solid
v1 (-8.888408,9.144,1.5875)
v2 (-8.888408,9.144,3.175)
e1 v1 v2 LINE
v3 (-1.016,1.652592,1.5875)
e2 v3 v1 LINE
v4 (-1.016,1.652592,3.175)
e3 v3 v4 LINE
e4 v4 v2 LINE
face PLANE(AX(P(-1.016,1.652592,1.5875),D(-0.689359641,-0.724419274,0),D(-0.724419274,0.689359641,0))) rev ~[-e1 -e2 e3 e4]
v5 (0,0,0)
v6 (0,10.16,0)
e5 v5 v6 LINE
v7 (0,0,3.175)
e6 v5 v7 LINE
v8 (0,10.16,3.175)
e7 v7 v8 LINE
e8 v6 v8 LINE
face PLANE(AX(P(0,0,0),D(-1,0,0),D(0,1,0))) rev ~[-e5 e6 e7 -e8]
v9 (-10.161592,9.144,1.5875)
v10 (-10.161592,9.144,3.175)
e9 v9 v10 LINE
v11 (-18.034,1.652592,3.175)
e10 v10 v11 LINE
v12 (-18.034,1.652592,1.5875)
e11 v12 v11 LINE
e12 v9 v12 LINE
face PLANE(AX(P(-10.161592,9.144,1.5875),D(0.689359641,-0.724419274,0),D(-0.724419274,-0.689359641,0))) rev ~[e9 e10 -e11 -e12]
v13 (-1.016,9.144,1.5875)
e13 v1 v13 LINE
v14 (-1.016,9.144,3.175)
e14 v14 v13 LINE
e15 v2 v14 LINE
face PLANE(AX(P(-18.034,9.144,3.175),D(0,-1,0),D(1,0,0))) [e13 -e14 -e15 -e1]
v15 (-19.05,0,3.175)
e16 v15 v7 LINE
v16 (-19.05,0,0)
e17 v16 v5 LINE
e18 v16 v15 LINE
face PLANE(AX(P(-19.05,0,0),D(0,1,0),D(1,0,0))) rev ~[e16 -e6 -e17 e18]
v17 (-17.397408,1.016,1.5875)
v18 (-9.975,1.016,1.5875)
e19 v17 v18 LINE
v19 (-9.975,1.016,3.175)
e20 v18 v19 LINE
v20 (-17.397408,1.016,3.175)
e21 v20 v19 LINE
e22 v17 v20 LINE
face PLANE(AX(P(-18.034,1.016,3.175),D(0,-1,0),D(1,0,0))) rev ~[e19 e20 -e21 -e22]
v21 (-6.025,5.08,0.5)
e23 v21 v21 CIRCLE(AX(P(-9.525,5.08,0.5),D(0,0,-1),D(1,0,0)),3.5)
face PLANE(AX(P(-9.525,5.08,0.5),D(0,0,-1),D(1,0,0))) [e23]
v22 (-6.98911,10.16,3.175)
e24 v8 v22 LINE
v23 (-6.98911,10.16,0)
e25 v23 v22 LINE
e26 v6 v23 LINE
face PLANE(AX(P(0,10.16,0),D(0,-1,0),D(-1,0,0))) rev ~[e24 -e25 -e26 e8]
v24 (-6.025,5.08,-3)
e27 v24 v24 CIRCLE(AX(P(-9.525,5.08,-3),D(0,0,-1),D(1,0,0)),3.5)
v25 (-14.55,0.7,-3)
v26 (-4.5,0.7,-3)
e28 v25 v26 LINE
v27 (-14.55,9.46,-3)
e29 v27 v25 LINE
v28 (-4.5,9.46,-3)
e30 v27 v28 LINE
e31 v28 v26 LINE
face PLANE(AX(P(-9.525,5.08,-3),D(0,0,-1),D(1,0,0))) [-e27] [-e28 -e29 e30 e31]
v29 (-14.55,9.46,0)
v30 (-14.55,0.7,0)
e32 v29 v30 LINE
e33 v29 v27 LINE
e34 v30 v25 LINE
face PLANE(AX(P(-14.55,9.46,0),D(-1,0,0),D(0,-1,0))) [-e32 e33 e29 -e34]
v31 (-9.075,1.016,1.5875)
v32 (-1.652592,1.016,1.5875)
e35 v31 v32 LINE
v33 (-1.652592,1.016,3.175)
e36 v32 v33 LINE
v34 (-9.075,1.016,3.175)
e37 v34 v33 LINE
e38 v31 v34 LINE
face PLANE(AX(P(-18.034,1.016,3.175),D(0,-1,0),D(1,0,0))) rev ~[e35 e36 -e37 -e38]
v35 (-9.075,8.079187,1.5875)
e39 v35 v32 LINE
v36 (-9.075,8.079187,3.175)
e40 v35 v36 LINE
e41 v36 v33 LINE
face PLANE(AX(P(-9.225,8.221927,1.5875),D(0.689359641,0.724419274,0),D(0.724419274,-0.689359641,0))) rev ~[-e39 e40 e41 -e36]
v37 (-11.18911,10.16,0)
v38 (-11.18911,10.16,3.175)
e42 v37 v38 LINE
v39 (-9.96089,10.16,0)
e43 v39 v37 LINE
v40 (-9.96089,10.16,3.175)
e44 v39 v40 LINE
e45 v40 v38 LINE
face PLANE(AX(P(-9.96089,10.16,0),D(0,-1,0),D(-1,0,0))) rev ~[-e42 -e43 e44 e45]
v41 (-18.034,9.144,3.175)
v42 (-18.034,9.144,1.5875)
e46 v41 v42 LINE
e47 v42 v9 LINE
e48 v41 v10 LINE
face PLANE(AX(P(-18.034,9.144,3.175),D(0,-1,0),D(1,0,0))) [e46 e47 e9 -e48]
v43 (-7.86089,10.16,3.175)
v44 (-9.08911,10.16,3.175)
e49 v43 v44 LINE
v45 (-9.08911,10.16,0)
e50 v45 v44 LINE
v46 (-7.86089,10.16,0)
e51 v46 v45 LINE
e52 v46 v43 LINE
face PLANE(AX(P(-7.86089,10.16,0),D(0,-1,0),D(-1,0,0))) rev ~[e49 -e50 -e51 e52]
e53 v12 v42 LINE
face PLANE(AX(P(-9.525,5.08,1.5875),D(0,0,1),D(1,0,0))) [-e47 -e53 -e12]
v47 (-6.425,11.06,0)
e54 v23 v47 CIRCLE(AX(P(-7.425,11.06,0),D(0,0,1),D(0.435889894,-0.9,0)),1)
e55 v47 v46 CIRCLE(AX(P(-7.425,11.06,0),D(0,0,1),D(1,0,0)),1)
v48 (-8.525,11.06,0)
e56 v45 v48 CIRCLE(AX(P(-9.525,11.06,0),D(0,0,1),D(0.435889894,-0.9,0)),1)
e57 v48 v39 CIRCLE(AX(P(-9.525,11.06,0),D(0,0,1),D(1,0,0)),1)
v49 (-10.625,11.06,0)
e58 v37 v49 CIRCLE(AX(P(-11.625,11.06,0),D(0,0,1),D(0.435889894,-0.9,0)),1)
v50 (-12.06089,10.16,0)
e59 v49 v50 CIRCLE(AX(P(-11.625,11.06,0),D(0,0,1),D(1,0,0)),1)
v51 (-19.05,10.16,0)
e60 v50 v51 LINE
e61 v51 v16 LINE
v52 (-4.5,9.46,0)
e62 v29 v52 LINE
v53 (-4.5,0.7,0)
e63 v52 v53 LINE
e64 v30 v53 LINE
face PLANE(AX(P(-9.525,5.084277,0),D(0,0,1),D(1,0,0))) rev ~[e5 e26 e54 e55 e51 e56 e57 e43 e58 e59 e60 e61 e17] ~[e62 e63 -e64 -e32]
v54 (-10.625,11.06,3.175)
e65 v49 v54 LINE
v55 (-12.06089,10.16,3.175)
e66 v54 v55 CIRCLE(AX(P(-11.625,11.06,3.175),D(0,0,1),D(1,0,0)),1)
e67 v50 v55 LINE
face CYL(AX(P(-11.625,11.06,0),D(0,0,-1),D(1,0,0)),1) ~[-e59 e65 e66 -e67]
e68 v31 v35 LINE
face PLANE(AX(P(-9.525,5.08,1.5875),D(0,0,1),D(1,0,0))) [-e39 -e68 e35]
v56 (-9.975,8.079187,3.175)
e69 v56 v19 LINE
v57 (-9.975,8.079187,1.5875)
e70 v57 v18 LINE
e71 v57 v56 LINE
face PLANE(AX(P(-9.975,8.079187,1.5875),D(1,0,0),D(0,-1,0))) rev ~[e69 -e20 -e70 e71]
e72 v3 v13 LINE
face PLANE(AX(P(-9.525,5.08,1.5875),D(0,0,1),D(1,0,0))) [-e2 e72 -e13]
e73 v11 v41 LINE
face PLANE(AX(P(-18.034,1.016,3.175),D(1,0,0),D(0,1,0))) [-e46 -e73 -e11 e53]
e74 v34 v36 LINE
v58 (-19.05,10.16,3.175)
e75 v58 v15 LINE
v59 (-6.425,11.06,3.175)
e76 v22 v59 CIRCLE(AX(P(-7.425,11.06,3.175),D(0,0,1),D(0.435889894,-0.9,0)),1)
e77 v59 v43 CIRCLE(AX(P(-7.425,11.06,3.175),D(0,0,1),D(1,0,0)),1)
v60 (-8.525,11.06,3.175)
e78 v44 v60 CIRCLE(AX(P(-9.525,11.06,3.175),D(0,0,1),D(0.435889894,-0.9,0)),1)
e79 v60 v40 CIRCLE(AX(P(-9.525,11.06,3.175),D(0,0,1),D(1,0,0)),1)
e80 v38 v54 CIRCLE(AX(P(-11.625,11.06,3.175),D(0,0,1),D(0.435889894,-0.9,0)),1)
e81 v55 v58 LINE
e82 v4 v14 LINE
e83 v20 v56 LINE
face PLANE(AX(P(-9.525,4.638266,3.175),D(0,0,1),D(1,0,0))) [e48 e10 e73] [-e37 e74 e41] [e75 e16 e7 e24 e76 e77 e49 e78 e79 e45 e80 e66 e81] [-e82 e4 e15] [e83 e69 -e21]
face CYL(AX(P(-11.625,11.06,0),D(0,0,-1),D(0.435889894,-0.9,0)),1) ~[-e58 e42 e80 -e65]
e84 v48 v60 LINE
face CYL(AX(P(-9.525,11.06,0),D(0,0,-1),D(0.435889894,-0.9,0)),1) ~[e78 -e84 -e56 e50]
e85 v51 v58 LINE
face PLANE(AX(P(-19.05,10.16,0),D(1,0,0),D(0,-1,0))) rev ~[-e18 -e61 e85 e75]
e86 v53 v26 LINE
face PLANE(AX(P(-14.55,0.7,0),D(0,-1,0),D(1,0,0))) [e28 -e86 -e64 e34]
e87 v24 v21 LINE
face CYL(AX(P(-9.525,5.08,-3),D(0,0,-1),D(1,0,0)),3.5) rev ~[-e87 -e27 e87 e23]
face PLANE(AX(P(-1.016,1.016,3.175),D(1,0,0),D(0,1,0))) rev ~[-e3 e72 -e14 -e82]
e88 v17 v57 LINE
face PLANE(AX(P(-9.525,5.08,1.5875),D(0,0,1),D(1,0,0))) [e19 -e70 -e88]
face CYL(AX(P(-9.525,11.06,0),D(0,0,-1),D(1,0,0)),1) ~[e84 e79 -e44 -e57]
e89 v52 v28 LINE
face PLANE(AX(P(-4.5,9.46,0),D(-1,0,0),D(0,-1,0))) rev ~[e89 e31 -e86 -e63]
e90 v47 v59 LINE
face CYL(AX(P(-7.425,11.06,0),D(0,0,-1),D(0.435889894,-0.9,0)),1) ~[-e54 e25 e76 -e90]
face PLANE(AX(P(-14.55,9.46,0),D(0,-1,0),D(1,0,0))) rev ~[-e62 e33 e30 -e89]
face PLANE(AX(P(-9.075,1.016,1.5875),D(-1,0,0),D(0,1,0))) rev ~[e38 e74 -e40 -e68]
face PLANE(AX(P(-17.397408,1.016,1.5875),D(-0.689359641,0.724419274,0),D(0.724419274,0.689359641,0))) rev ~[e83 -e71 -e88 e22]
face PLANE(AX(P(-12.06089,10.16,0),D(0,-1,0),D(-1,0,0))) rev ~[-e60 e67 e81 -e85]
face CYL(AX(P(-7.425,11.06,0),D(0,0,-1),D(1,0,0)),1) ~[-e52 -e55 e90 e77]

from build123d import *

# Parameters (mm, degrees)
F1_DEPTH  = 3.175
F2_W      = 17.018
F2_H      = 8.128
F3_DEPTH  = 1.5875
F5_DEPTH  = 1.5875
F6_W      = 10.05
F6_H      = 8.76
F7_DEPTH  = 3
F8_R      = 3.5
F9_DEPTH  = 3.5
F11_DEPTH = 1.5875


with BuildPart() as f1:
    # F0 (on Top) → F1 (new body)
    with BuildSketch(Plane.XY):
        with BuildLine():
            Line((-12.0608898944, 10.16), (-19.05, 10.16))
            Line((-19.05, 10.16), (-19.05, 0))
            Line((-19.05, 0), (0, 0))
            Line((0, 0), (0, 10.16))
            Line((0, 10.16), (-6.9891101056, 10.16))
            ThreePointArc((-6.9891101056, 10.16), (-7.425, 10.06), (-7.8608898944, 10.16))
            Line((-7.8608898944, 10.16), (-9.0891101056, 10.16))
            ThreePointArc((-9.0891101056, 10.16), (-9.525, 10.06), (-9.9608898944, 10.16))
            Line((-9.9608898944, 10.16), (-11.1891101056, 10.16))
            ThreePointArc((-11.1891101056, 10.16), (-11.625, 10.06), (-12.0608898944, 10.16))
        make_face()
        with BuildLine():
            ThreePointArc((-10.625, 11.06), (-12.1560885546, 11.9073163206), (-12.0608898944, 10.16))
            Line((-12.0608898944, 10.16), (-11.1891101056, 10.16))
            ThreePointArc((-11.1891101056, 10.16), (-10.7776836794, 10.5289114454), (-10.625, 11.06))
        make_face()
        with BuildLine():
            Line((-11.1891101056, 10.16), (-12.0608898944, 10.16))
            ThreePointArc((-12.0608898944, 10.16), (-11.625, 10.06), (-11.1891101056, 10.16))
        make_face()
        with BuildLine():
            ThreePointArc((-8.525, 11.06), (-10.0560885546, 11.9073163206), (-9.9608898944, 10.16))
            Line((-9.9608898944, 10.16), (-9.0891101056, 10.16))
            ThreePointArc((-9.0891101056, 10.16), (-8.6776836794, 10.5289114454), (-8.525, 11.06))
        make_face()
        with BuildLine():
            Line((-9.0891101056, 10.16), (-9.9608898944, 10.16))
            ThreePointArc((-9.9608898944, 10.16), (-9.525, 10.06), (-9.0891101056, 10.16))
        make_face()
        with BuildLine():
            ThreePointArc((-7.8608898944, 10.16), (-7.425, 10.06), (-6.9891101056, 10.16))
            Line((-6.9891101056, 10.16), (-7.8608898944, 10.16))
        make_face()
        with BuildLine():
            Line((-7.8608898944, 10.16), (-6.9891101056, 10.16))
            ThreePointArc((-6.9891101056, 10.16), (-6.5776836794, 10.5289114454), (-6.425, 11.06))
            ThreePointArc((-6.425, 11.06), (-7.9560885546, 11.9073163206), (-7.8608898944, 10.16))
        make_face()
    extrude(amount=F1_DEPTH)

    # F2 (on face) → F3 (cut)
    with BuildSketch(Plane.XY.offset(3.175)):
        with Locations((-9.525, 5.08)):
            Rectangle(F2_W, F2_H)
    extrude(amount=-F3_DEPTH, mode=Mode.SUBTRACT)

    # F4 (on face) → F5 (join, through all)
    with BuildSketch(Plane.XY.offset(1.5875)):
        Polygon((-9.525, 8.5074082457), (-9.525, 9.144), (-10.1615917543, 9.144), (-18.034, 1.6525917543), (-18.034, 1.016), (-17.3974082457, 1.016), (-9.825, 8.2219273099), align=None)
        Polygon((-8.8884082457, 9.144), (-9.525, 9.144), (-9.525, 8.5074082457), (-9.225, 8.2219273099), (-1.6525917543, 1.016), (-1.016, 1.016), (-1.016, 1.6525917543), align=None)
    extrude(amount=F5_DEPTH)

    # F6 (on face) → F7 (join)
    with BuildSketch(Plane(origin=(0, 0, 0), x_dir=(1, 0, 0), z_dir=(0, 0, -1))):
        with Locations((-9.525, -5.08)):
            Rectangle(F6_W, F6_H)
    extrude(amount=F7_DEPTH)

    # F8 (on face) → F9 (cut)
    with BuildSketch(Plane(origin=(0, 0, -3), x_dir=(1, 0, 0), z_dir=(0, 0, -1))):
        with Locations((-9.525, -5.08)):
            Circle(F8_R)
    extrude(amount=-F9_DEPTH, mode=Mode.SUBTRACT)

    # F10 (on face) → F11 (join, through all)
    with BuildSketch(Plane.XY.offset(1.5875)):
        Polygon((-9.525, 8.5074082457), (-9.975, 8.0791868419), (-9.975, 1.016), (-9.525, 1.016), (-9.075, 1.016), (-9.075, 8.0791868419), align=None)
    extrude(amount=F11_DEPTH)


solid = f1.part
